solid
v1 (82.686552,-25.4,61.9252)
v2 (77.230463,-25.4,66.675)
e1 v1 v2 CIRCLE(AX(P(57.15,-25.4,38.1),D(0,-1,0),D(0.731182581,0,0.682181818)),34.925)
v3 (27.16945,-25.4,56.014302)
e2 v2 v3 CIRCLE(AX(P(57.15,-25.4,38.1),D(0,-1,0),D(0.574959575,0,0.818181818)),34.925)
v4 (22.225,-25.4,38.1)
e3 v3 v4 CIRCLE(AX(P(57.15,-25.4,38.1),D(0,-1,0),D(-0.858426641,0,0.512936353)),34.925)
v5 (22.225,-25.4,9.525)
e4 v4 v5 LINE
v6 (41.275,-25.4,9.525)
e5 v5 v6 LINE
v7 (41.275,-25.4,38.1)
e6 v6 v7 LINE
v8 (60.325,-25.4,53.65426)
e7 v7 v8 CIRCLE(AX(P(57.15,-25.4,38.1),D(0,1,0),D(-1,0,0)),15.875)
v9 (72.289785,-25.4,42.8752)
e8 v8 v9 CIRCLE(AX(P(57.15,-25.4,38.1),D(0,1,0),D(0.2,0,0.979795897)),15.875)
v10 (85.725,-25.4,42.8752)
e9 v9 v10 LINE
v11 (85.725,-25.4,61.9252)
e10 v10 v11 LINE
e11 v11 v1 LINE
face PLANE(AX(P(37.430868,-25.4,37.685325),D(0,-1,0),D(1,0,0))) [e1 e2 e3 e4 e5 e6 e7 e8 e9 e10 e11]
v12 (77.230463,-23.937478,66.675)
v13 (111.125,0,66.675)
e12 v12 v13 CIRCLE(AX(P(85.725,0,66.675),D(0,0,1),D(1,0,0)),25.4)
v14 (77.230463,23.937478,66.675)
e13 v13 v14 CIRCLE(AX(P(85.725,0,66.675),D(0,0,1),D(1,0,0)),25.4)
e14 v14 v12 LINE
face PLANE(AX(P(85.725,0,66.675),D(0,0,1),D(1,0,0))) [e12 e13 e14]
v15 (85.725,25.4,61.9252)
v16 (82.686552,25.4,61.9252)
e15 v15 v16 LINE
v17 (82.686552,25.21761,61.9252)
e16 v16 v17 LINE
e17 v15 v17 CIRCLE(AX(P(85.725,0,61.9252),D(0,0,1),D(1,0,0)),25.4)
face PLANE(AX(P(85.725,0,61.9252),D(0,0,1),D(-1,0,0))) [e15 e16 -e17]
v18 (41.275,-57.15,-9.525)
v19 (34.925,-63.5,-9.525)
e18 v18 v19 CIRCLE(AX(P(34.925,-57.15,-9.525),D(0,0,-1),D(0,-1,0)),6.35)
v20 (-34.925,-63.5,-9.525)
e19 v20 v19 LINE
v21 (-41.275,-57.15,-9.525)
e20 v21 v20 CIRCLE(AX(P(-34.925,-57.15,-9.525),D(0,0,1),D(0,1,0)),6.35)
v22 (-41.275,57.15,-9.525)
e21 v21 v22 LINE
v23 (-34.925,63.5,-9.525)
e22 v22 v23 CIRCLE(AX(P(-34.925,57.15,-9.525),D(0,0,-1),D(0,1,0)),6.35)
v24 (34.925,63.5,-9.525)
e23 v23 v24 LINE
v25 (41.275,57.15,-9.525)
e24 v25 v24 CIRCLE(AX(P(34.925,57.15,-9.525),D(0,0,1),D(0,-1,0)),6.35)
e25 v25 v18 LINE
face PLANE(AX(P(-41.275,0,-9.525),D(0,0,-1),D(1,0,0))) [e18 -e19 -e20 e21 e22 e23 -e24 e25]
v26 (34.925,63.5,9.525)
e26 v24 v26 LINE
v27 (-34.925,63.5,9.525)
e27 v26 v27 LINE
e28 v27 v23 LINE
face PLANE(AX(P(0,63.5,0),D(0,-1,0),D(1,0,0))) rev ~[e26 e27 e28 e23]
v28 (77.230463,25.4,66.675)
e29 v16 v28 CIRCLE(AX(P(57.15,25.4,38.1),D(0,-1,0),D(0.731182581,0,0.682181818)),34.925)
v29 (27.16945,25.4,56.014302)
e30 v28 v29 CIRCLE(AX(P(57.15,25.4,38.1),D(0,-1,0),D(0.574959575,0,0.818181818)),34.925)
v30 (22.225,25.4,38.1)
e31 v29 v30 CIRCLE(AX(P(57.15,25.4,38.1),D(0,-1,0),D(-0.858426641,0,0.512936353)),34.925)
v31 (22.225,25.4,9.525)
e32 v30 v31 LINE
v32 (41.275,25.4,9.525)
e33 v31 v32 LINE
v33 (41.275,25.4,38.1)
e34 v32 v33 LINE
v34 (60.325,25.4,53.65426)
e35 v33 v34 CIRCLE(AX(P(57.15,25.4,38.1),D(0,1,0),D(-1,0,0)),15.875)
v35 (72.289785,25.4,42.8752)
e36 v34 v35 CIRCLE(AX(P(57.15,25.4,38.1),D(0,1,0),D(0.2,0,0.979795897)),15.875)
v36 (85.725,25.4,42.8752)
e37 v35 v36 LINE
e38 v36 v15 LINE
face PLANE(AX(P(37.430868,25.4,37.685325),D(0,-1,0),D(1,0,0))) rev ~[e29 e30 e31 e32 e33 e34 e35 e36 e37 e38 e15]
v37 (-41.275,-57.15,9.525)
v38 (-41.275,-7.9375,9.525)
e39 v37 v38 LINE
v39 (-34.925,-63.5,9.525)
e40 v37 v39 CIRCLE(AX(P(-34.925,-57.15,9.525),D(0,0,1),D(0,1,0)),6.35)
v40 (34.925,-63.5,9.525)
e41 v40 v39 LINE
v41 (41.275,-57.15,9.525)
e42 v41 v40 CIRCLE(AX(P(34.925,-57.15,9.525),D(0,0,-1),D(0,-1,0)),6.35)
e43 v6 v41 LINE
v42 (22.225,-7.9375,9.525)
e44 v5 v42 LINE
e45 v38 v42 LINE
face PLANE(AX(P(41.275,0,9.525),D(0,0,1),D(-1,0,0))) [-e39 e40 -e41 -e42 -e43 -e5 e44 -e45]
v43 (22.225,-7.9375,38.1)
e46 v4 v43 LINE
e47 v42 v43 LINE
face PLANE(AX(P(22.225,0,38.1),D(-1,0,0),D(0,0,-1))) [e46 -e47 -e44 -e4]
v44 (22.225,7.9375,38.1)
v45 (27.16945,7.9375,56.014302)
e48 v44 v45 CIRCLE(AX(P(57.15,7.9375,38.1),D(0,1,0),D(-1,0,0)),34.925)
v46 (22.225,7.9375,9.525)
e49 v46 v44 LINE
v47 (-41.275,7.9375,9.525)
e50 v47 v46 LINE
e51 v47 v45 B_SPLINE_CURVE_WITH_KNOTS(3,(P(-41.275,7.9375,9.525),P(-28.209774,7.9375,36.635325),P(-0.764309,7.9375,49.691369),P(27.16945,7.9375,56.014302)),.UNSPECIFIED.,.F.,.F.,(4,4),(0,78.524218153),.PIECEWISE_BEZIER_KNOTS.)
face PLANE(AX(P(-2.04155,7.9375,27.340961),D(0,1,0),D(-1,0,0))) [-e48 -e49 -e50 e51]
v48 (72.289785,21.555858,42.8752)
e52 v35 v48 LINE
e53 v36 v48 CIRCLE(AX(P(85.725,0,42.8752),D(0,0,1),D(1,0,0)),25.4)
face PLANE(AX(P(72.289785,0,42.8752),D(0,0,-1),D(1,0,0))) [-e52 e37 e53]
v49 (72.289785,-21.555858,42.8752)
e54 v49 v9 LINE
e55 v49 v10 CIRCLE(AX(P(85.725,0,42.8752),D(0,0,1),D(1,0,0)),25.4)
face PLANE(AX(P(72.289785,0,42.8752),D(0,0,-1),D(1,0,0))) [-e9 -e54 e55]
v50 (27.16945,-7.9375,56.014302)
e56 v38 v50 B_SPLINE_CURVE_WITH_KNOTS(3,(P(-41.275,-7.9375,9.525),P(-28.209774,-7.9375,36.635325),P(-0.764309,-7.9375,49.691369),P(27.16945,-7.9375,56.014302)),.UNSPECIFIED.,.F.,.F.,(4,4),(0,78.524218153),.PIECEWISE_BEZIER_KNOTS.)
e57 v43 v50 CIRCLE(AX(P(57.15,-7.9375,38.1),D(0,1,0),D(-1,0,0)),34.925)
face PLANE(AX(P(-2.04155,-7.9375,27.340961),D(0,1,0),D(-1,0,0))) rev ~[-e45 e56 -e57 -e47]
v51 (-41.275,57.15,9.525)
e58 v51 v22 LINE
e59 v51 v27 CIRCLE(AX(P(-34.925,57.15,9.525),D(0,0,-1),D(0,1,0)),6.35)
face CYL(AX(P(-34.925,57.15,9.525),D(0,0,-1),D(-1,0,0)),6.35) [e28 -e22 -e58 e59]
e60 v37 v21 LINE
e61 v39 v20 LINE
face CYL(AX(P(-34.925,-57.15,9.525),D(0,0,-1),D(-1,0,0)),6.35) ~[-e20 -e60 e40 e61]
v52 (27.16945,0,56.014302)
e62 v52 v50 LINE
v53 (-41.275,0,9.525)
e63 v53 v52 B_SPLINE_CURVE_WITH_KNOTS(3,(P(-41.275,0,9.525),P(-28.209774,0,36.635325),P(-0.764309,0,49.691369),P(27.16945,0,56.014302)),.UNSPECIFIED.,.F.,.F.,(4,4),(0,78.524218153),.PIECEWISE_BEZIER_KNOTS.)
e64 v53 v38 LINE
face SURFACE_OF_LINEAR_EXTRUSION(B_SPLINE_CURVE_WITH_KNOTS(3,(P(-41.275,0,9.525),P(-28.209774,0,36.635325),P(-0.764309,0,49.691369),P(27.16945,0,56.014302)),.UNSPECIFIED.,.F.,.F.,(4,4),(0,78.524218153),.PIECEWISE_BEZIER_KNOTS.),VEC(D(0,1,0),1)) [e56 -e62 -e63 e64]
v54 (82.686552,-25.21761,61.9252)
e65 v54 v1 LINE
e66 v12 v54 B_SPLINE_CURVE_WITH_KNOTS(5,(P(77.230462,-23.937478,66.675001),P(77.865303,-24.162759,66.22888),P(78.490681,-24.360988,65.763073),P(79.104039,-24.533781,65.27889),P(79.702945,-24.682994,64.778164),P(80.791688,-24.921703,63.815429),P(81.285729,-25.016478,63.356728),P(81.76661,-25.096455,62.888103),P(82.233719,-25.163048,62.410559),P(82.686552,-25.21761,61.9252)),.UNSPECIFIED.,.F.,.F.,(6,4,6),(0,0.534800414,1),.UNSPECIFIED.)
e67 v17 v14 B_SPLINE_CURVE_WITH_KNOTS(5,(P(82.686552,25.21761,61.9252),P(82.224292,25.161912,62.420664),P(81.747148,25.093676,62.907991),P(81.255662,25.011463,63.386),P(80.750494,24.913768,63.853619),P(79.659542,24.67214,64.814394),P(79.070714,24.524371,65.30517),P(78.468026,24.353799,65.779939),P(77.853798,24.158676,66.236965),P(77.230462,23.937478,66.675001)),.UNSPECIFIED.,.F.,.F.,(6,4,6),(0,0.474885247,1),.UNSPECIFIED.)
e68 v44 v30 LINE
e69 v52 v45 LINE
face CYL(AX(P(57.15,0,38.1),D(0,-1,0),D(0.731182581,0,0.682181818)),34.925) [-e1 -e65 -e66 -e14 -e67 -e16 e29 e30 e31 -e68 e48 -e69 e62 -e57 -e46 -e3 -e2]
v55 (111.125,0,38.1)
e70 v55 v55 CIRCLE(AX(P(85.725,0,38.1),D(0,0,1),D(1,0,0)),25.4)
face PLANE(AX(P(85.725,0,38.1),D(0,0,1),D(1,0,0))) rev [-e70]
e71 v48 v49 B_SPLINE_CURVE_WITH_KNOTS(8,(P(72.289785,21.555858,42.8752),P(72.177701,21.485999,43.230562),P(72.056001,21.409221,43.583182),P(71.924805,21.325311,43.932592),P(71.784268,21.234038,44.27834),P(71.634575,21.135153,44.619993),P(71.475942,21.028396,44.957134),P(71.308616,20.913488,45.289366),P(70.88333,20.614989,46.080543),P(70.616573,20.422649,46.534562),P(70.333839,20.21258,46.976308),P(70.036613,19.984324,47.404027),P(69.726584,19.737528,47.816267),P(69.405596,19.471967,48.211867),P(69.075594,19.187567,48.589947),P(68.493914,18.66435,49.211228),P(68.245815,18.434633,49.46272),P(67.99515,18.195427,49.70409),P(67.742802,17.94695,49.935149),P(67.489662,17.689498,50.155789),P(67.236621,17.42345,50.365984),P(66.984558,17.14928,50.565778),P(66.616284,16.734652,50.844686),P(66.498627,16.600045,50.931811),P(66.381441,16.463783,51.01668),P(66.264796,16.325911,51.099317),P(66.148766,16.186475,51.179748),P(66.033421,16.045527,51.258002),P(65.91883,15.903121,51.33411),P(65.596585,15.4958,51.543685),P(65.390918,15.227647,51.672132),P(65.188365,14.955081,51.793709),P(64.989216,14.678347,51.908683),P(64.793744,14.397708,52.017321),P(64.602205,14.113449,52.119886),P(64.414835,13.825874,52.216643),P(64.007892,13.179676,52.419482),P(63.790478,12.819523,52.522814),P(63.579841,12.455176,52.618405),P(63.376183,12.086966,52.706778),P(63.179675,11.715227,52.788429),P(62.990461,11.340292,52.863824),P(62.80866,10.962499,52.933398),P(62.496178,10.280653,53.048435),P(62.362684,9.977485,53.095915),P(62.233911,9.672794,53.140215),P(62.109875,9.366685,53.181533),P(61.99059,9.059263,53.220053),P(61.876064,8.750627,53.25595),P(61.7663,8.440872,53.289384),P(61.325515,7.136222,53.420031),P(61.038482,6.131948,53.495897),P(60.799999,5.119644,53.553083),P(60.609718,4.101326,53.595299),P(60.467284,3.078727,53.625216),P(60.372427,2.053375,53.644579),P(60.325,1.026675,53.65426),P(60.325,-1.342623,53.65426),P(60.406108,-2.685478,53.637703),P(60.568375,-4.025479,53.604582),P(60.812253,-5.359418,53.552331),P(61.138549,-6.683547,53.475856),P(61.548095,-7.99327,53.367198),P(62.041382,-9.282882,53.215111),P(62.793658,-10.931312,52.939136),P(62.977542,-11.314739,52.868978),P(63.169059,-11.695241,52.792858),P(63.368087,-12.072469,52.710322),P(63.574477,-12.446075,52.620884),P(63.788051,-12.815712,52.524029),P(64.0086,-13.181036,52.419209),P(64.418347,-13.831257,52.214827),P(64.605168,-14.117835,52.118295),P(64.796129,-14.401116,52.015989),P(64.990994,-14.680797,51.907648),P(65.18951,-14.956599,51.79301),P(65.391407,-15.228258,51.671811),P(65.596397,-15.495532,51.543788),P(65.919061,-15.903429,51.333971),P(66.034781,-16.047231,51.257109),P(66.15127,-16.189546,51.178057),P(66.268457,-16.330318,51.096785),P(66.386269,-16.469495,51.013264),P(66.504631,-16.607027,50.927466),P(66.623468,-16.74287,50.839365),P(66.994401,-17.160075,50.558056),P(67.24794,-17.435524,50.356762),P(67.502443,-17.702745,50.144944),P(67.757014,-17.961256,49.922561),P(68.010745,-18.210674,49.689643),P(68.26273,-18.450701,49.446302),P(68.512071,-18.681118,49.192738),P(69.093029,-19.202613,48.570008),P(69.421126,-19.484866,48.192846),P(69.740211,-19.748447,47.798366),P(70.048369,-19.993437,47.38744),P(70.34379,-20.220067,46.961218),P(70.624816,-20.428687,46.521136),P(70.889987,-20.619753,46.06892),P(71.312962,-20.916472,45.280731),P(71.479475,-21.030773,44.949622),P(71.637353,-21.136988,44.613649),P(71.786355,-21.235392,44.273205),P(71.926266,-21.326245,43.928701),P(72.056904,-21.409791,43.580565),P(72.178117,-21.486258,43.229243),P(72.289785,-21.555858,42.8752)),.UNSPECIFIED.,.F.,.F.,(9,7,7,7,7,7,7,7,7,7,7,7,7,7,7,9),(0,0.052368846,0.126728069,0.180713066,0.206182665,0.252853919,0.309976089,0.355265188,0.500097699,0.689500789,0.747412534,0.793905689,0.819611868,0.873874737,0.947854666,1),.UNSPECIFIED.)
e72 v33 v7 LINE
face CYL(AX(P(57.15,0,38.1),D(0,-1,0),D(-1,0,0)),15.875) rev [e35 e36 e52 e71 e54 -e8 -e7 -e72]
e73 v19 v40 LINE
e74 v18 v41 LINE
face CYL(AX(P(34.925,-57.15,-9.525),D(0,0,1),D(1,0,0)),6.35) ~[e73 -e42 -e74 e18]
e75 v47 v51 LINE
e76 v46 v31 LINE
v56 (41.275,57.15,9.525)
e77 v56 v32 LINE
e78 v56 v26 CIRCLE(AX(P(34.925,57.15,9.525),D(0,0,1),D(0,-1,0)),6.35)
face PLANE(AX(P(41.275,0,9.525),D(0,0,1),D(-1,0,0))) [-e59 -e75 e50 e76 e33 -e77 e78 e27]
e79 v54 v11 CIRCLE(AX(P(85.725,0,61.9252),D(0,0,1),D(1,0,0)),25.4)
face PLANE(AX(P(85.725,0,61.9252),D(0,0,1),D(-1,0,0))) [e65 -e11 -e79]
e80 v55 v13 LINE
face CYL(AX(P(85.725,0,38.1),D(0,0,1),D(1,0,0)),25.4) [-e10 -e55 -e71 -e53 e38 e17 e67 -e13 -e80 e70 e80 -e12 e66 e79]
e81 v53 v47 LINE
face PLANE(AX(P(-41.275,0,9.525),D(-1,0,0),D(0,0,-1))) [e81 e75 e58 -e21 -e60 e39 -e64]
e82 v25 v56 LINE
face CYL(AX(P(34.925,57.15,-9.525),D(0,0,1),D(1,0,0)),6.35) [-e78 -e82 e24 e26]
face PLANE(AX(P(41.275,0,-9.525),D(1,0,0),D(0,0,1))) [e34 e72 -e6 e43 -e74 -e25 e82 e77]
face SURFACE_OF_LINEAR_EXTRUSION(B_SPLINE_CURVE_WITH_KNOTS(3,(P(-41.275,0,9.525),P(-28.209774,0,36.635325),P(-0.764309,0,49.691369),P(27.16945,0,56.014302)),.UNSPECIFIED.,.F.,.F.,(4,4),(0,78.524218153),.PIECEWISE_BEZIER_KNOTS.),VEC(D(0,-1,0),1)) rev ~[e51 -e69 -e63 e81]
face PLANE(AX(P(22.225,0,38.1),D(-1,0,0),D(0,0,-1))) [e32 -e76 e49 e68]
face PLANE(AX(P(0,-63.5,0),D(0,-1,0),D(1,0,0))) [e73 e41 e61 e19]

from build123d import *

# Parameters (mm, degrees)
F1_DEPTH = 63.5
F2_DEPTH = 25.4
F3_DEPTH = 7.9375
F5_R     = 6.35


with BuildPart() as f1:
    # F0 (on Front) → F1 (new body, symmetric)
    with BuildSketch(Plane.XZ):
        Polygon((-41.275, -9.525), (41.275, -9.525), (41.275, 9.525), (22.225, 9.525), (-41.275, 9.525), align=None)
    extrude(amount=F1_DEPTH, both=True)

    # F0 (on Front) → F2 (join, symmetric)
    with BuildSketch(Plane.XZ):
        with BuildLine():
            Line((22.225, 9.525), (41.275, 9.525))
            Line((41.275, 9.525), (41.275, 38.1))
            ThreePointArc((41.275, 38.1), (47.109768429, 50.3967221242), (60.325, 53.6542598667))
            Line((60.325, 53.6542598667), (60.325, 60.8617413577))
            add(Edge.make_bspline(
                [(27.1694495599, 56.0143021161), (38.4463876666, 58.5668881117), (49.8029060686, 60.022138531), (60.325, 60.8617413577)],
                knots=[78.5242181533, 78.5242181533, 78.5242181533, 78.5242181533, 110.2246687144, 110.2246687144, 110.2246687144, 110.2246687144], degree=3))
            ThreePointArc((27.1694495599, 56.0143021161), (23.4837977408, 47.3920638418), (22.225, 38.1))
            Line((22.225, 38.1), (22.225, 9.525))
        make_face()
        with BuildLine():
            ThreePointArc((77.2304631421, 66.675), (49.8756923374, 72.2590408681), (27.1694495599, 56.0143021161))
            add(Edge.make_bspline(
                [(27.1694495599, 56.0143021161), (38.4463876666, 58.5668881117), (49.8029060686, 60.022138531), (60.325, 60.8617413577)],
                knots=[78.5242181533, 78.5242181533, 78.5242181533, 78.5242181533, 110.2246687144, 110.2246687144, 110.2246687144, 110.2246687144], degree=3))
            Line((60.325, 60.8617413577), (60.325, 66.675))
            Line((60.325, 66.675), (77.2304631421, 66.675))
        make_face()
        with BuildLine():
            Line((60.325, 60.8617413577), (60.325, 53.6542598667))
            ThreePointArc((60.325, 53.6542598667), (67.7756703476, 49.8945222313), (72.2897850038, 42.8752))
            Line((72.2897850038, 42.8752), (85.725, 42.8752))
            Line((85.725, 42.8752), (85.725, 61.9252))
            Line((85.725, 61.9252), (82.6865516458, 61.9252))
            add(Edge.make_bspline(
                [(60.325, 60.8617413577), (68.4096639512, 61.5068512332), (76.0017140406, 61.7885051595), (82.6865516458, 61.9252)],
                knots=[110.2246687144, 110.2246687144, 110.2246687144, 110.2246687144, 134.5817493068, 134.5817493068, 134.5817493068, 134.5817493068], degree=3))
        make_face()
        with BuildLine():
            ThreePointArc((82.6865516458, 61.9252), (80.0818154438, 64.4417437815), (77.2304631421, 66.675))
            Line((77.2304631421, 66.675), (60.325, 66.675))
            Line((60.325, 66.675), (60.325, 60.8617413577))
            add(Edge.make_bspline(
                [(60.325, 60.8617413577), (68.4096639512, 61.5068512332), (76.0017140406, 61.7885051595), (82.6865516458, 61.9252)],
                knots=[110.2246687144, 110.2246687144, 110.2246687144, 110.2246687144, 134.5817493068, 134.5817493068, 134.5817493068, 134.5817493068], degree=3))
        make_face()
    extrude(amount=F2_DEPTH, both=True)

    # F0 (on Front) → F3 (join, symmetric)
    with BuildSketch(Plane.XZ):
        with BuildLine():
            add(Edge.make_bspline(
                [(-41.275, 9.525), (-28.2097739582, 36.6353245675), (-0.7643094977, 49.6913692863), (27.1694495599, 56.0143021161)],
                knots=[0, 0, 0, 0, 78.5242181533, 78.5242181533, 78.5242181533, 78.5242181533], degree=3))
            Line((-41.275, 9.525), (22.225, 9.525))
            Line((22.225, 9.525), (22.225, 38.1))
            ThreePointArc((22.225, 38.1), (23.4837977408, 47.3920638418), (27.1694495599, 56.0143021161))
        make_face()
    extrude(amount=F3_DEPTH, both=True)

    # F0 (on Front) → F4 (revolve)
    with BuildSketch(Plane.XZ):
        Polygon((111.125, 66.675), (85.725, 66.675), (85.725, 61.9252), (85.725, 42.8752), (85.725, 38.1), (111.125, 38.1), align=None)
    revolve(axis=Axis((85.725, 0, 52.3875), (0, 0, 1)))

    # F5
    f5_edges = [f1.edges().sort_by_distance(p)[0] for p in [
        (41.275, -63.5, 0),
        (41.275, 63.5, 0),
        (-41.275, 63.5, 0),
        (-41.275, -63.5, 0),
    ]]
    fillet(f5_edges, radius=F5_R)


solid = f1.part
